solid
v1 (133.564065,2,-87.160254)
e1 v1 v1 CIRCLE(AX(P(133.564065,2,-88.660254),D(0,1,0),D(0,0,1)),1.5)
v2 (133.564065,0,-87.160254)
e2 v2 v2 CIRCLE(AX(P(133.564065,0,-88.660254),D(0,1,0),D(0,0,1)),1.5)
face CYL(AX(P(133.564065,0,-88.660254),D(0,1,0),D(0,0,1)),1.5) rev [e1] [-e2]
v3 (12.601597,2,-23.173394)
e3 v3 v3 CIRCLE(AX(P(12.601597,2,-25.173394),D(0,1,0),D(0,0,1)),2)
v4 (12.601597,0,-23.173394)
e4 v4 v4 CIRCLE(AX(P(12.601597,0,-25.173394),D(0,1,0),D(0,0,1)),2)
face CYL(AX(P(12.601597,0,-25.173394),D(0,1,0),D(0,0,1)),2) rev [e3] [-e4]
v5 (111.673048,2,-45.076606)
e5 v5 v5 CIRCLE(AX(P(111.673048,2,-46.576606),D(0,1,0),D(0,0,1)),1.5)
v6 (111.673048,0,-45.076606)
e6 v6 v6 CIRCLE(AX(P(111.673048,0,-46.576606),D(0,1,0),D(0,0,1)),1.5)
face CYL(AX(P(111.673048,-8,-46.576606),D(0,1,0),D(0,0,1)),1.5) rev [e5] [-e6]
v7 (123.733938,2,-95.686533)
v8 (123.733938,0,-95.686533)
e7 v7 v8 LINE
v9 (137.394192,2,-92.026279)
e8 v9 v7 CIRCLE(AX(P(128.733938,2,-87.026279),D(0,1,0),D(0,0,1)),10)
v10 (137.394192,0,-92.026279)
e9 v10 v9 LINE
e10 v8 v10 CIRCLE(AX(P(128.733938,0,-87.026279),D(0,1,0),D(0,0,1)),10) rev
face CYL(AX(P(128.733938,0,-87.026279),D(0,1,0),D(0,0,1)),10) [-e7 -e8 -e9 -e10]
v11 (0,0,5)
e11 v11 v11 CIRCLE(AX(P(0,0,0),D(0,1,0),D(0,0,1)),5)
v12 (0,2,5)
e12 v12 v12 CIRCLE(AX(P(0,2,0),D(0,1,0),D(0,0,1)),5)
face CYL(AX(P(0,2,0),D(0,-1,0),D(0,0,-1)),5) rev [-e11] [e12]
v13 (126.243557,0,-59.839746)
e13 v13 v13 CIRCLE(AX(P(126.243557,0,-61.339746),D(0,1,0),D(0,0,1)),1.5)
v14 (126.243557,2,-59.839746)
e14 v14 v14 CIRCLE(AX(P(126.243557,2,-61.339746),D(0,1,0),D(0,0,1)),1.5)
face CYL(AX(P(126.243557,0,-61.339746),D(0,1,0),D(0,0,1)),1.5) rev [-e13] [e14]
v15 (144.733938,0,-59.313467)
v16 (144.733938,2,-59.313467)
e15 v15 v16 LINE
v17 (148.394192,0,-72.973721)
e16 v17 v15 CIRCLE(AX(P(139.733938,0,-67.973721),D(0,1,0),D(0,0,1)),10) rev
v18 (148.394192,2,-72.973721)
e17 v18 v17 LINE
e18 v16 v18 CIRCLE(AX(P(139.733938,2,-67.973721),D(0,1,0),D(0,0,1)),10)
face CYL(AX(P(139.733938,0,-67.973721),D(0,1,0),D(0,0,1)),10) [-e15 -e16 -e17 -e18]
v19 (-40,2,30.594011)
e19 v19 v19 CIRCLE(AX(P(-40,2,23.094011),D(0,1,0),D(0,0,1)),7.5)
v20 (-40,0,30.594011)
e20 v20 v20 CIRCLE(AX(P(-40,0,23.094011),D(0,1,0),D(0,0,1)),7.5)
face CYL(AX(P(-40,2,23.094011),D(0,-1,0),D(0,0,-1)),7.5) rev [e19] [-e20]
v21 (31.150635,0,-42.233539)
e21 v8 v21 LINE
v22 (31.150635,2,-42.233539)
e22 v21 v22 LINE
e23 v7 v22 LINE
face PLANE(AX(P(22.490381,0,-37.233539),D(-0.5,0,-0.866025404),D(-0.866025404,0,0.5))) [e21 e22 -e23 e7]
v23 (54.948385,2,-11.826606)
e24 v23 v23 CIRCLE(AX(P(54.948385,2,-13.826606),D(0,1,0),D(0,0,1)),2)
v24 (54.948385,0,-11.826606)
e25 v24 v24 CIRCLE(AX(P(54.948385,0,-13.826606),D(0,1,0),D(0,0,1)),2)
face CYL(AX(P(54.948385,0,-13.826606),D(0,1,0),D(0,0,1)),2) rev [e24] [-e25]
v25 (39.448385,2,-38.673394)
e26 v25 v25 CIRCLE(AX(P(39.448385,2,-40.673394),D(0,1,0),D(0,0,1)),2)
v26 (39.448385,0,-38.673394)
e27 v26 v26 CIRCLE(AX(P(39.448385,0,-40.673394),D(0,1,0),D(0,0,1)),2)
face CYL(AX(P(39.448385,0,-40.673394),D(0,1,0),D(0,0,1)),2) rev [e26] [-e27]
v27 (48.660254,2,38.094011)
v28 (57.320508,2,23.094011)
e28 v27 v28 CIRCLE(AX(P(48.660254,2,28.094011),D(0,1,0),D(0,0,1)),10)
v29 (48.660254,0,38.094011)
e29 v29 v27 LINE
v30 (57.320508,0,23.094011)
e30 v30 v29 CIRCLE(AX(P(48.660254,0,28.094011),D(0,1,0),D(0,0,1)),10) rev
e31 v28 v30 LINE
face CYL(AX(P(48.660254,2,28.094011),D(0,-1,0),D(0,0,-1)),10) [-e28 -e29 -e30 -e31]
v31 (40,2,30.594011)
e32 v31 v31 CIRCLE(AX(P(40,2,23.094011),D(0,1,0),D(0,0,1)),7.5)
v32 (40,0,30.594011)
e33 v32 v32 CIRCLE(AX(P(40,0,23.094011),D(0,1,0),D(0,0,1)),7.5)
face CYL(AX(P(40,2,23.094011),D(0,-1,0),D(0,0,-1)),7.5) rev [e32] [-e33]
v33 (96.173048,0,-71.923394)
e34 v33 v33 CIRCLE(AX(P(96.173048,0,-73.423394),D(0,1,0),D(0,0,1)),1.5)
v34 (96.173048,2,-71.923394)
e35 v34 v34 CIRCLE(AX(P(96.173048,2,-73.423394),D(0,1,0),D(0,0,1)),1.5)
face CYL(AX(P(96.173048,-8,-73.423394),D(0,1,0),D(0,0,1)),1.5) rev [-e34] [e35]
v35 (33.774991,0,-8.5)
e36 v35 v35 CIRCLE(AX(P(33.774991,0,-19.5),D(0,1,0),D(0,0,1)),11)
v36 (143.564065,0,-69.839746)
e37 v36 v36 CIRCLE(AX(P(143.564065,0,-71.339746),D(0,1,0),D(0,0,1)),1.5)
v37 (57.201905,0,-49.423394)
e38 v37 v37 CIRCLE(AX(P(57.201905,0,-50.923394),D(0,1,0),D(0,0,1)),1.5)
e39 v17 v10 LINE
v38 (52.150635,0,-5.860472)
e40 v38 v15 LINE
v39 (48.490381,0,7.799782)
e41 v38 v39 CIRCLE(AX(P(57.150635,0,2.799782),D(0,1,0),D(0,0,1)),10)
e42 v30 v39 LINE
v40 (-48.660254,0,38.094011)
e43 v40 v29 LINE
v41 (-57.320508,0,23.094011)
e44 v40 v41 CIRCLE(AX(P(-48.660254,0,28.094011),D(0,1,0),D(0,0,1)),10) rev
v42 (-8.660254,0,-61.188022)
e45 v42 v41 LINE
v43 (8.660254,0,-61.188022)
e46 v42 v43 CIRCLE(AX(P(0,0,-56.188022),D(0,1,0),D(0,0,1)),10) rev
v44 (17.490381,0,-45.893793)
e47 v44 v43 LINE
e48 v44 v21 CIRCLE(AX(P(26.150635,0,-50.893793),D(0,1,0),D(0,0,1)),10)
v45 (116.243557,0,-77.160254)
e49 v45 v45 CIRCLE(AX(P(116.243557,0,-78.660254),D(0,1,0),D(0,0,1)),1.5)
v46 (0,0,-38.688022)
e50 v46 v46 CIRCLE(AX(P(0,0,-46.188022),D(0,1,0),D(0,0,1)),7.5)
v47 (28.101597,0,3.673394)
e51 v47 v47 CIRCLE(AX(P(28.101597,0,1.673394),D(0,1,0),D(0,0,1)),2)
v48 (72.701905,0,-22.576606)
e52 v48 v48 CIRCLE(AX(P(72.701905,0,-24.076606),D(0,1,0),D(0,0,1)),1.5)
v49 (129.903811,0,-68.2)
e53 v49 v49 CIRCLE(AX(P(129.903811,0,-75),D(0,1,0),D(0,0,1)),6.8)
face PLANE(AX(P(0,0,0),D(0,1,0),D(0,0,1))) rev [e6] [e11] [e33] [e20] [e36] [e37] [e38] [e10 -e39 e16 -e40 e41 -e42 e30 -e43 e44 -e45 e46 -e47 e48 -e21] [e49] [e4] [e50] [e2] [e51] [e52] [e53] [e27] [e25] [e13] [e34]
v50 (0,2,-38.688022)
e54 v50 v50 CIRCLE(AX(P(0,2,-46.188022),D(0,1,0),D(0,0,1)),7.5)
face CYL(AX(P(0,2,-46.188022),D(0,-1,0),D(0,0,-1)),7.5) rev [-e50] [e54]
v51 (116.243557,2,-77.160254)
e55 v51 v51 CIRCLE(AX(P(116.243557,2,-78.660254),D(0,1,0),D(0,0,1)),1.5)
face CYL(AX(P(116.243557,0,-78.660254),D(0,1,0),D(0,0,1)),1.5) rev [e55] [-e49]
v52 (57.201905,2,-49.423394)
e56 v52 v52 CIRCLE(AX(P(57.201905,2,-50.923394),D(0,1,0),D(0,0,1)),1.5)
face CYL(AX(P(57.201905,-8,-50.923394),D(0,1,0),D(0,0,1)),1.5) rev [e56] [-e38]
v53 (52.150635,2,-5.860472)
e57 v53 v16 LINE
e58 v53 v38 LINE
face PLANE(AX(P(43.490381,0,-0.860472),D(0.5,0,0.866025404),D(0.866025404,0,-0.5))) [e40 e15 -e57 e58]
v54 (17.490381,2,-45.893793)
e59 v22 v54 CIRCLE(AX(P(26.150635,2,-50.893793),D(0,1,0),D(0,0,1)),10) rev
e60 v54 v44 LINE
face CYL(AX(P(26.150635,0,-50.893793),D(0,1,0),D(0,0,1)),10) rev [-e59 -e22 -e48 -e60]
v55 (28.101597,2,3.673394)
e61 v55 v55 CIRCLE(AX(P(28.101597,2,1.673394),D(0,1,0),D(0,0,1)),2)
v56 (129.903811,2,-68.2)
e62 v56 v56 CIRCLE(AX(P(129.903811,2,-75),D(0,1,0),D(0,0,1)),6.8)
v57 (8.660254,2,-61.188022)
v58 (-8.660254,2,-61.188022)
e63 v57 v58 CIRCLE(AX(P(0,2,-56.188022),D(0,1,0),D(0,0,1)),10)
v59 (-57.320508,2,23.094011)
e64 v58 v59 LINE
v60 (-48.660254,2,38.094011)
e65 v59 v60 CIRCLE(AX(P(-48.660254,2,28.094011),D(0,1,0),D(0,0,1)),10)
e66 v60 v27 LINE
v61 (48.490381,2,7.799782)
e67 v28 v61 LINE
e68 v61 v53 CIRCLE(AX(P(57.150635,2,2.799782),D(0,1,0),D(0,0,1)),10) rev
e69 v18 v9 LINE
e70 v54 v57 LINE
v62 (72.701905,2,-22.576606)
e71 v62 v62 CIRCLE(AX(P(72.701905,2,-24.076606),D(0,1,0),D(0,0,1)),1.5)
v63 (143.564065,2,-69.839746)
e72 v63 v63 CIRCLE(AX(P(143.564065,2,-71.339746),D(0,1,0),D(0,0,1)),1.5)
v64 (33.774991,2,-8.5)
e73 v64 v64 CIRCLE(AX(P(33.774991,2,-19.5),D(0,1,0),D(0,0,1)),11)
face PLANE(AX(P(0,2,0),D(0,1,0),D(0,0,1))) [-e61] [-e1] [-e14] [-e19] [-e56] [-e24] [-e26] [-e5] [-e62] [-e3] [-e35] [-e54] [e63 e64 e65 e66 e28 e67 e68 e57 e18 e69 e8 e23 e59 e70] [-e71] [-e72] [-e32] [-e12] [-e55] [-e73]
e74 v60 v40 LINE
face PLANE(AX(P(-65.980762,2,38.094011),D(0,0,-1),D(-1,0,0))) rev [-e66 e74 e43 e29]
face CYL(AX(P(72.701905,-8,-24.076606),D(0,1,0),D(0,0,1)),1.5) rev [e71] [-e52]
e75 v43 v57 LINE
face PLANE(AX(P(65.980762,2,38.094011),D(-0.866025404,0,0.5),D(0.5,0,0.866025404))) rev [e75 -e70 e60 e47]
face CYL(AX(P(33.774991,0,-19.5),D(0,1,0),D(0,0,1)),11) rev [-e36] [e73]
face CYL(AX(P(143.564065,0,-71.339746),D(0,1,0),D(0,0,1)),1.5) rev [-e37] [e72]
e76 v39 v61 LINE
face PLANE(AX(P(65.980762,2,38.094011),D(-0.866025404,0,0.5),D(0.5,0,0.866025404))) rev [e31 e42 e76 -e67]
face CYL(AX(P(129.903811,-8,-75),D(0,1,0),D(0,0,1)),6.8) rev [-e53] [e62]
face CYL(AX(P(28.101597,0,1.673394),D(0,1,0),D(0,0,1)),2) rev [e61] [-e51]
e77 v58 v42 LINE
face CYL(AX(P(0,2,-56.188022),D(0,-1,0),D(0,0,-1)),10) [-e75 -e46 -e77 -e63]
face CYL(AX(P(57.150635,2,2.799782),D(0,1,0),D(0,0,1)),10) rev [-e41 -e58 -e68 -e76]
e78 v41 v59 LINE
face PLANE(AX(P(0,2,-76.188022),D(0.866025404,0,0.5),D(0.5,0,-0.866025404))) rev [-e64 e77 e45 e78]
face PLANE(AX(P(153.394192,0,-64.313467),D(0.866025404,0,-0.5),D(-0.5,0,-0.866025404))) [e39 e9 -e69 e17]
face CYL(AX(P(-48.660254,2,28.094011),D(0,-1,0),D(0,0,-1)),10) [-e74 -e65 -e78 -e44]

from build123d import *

# Parameters (mm, degrees)
SKETCH1_R           = 7.5
SKETCH1_R_2         = 5
BOSS_EXTRUDE1_DEPTH = 2
BOSS_EXTRUDE2_DEPTH = 2
FILLET1_R           = 10
SKETCH4_R           = 11
SKETCH4_R_2         = 2
CUT_EXTRUDE1_DEPTH  = 2
SKETCH6_R           = 6.8
CUT_EXTRUDE2_DEPTH  = 10
SKETCH8_R           = 1.5
CUT_EXTRUDE3_DEPTH  = 179.433043373
SKETCH9_R           = 1.5
CUT_EXTRUDE4_DEPTH  = 10


with BuildPart() as part:
    # Sketch1 → Boss-Extrude1 (new body)
    with BuildSketch(Plane(origin=(0, 0, 0), x_dir=(1, 0, 0), z_dir=(0, 1, 0))):
        Polygon((0, 76.188021535), (-65.980762114, -38.094010768), (65.980762114, -38.094010768), align=None)
        with Locations(Location((0, 46.188021535, 0), (0, 0, 270))):
            Circle(SKETCH1_R, mode=Mode.SUBTRACT)
        with Locations(Location((-40, -23.094010768, 0), (0, 0, 270))):
            Circle(SKETCH1_R, mode=Mode.SUBTRACT)
        with Locations(Location((40, -23.094010768, 0), (0, 0, 270))):
            Circle(SKETCH1_R, mode=Mode.SUBTRACT)
        with Locations(Location((0, 0, 0), (0, 0, 270))):
            Circle(SKETCH1_R_2, mode=Mode.SUBTRACT)
    extrude(amount=BOSS_EXTRUDE1_DEPTH)

    # Sketch2 → Boss-Extrude2 (add)
    with BuildSketch(Plane(origin=(0, 2, 0), x_dir=(1, 0, 0), z_dir=(0, 1, 0))):
        Polygon((43.490381057, 0.860471904), (22.490381057, 37.233538863), (132.394191624, 100.686533479), (153.394191624, 64.313466521), align=None)
    extrude(amount=-BOSS_EXTRUDE2_DEPTH)

    # Fillet1
    fillet1_edges = [part.edges().sort_by_distance(p)[0] for p in [
        (153.394191624, 1, -64.313466521),
        (43.490381057, 1, -0.860471904),
        (22.490381057, 1, -37.233538863),
        (132.394191624, 1, -100.686533479),
        (65.980762114, 1, 38.094010768),
        (-65.980762114, 1, 38.094010768),
        (0, 1, -76.188021535),
    ]]
    fillet(fillet1_edges, radius=FILLET1_R)

    # Sketch4 → Cut-Extrude1 (cut)
    with BuildSketch(Plane(origin=(0, 2, 0), x_dir=(1, 0, 0), z_dir=(0, 1, 0))):
        with Locations(Location((33.774990748, 19.5, 0), (0, 0, 270))):
            Circle(SKETCH4_R)
        with Locations(Location((39.448384506, 40.673393759, 0), (0, 0, 270))):
            Circle(SKETCH4_R_2)
        with Locations(Location((54.948384506, 13.826606241, 0), (0, 0, 270))):
            Circle(SKETCH4_R_2)
        with Locations(Location((28.101596989, -1.673393759, 0), (0, 0, 270))):
            Circle(SKETCH4_R_2)
        with Locations(Location((12.601596989, 25.173393759, 0), (0, 0, 270))):
            Circle(SKETCH4_R_2)
    extrude(amount=-CUT_EXTRUDE1_DEPTH, mode=Mode.SUBTRACT)

    # Sketch6 → Cut-Extrude2 (cut)
    with BuildSketch(Plane(origin=(0, 2, 0), x_dir=(1, 0, 0), z_dir=(0, 1, 0))):
        with Locations(Location((129.903810568, 75, 0), (0, 0, 270))):
            Circle(SKETCH6_R)
    extrude(amount=-CUT_EXTRUDE2_DEPTH, mode=Mode.SUBTRACT)

    # Sketch8 → Cut-Extrude3 (cut, through all)
    with BuildSketch(Plane(origin=(0, 2, 0), x_dir=(1, 0, 0), z_dir=(0, 1, 0))):
        with Locations(Location((133.564064606, 88.660254038, 0), (0, 0, 270))):
            Circle(SKETCH8_R)
        with Locations(Location((143.564064606, 71.339745962, 0), (0, 0, 270))):
            Circle(SKETCH8_R)
        with Locations(Location((126.24355653, 61.339745962, 0), (0, 0, 270))):
            Circle(SKETCH8_R)
        with Locations(Location((116.24355653, 78.660254038, 0), (0, 0, 270))):
            Circle(SKETCH8_R)
    extrude(amount=-CUT_EXTRUDE3_DEPTH, mode=Mode.SUBTRACT)

    # Sketch9 → Cut-Extrude4 (cut)
    with BuildSketch(Plane(origin=(0, 2, 0), x_dir=(1, 0, 0), z_dir=(0, 1, 0))):
        with Locations(Location((57.201905284, 50.923393759, 0), (0, 0, 270))):
            Circle(SKETCH9_R)
        with Locations(Location((72.701905284, 24.076606241, 0), (0, 0, 270))):
            Circle(SKETCH9_R)
        with Locations(Location((111.673048454, 46.576606241, 0), (0, 0, 270))):
            Circle(SKETCH9_R)
        with Locations(Location((96.173048454, 73.423393759, 0), (0, 0, 270))):
            Circle(SKETCH9_R)
    extrude(amount=-CUT_EXTRUDE4_DEPTH, mode=Mode.SUBTRACT)


solid = part.part
